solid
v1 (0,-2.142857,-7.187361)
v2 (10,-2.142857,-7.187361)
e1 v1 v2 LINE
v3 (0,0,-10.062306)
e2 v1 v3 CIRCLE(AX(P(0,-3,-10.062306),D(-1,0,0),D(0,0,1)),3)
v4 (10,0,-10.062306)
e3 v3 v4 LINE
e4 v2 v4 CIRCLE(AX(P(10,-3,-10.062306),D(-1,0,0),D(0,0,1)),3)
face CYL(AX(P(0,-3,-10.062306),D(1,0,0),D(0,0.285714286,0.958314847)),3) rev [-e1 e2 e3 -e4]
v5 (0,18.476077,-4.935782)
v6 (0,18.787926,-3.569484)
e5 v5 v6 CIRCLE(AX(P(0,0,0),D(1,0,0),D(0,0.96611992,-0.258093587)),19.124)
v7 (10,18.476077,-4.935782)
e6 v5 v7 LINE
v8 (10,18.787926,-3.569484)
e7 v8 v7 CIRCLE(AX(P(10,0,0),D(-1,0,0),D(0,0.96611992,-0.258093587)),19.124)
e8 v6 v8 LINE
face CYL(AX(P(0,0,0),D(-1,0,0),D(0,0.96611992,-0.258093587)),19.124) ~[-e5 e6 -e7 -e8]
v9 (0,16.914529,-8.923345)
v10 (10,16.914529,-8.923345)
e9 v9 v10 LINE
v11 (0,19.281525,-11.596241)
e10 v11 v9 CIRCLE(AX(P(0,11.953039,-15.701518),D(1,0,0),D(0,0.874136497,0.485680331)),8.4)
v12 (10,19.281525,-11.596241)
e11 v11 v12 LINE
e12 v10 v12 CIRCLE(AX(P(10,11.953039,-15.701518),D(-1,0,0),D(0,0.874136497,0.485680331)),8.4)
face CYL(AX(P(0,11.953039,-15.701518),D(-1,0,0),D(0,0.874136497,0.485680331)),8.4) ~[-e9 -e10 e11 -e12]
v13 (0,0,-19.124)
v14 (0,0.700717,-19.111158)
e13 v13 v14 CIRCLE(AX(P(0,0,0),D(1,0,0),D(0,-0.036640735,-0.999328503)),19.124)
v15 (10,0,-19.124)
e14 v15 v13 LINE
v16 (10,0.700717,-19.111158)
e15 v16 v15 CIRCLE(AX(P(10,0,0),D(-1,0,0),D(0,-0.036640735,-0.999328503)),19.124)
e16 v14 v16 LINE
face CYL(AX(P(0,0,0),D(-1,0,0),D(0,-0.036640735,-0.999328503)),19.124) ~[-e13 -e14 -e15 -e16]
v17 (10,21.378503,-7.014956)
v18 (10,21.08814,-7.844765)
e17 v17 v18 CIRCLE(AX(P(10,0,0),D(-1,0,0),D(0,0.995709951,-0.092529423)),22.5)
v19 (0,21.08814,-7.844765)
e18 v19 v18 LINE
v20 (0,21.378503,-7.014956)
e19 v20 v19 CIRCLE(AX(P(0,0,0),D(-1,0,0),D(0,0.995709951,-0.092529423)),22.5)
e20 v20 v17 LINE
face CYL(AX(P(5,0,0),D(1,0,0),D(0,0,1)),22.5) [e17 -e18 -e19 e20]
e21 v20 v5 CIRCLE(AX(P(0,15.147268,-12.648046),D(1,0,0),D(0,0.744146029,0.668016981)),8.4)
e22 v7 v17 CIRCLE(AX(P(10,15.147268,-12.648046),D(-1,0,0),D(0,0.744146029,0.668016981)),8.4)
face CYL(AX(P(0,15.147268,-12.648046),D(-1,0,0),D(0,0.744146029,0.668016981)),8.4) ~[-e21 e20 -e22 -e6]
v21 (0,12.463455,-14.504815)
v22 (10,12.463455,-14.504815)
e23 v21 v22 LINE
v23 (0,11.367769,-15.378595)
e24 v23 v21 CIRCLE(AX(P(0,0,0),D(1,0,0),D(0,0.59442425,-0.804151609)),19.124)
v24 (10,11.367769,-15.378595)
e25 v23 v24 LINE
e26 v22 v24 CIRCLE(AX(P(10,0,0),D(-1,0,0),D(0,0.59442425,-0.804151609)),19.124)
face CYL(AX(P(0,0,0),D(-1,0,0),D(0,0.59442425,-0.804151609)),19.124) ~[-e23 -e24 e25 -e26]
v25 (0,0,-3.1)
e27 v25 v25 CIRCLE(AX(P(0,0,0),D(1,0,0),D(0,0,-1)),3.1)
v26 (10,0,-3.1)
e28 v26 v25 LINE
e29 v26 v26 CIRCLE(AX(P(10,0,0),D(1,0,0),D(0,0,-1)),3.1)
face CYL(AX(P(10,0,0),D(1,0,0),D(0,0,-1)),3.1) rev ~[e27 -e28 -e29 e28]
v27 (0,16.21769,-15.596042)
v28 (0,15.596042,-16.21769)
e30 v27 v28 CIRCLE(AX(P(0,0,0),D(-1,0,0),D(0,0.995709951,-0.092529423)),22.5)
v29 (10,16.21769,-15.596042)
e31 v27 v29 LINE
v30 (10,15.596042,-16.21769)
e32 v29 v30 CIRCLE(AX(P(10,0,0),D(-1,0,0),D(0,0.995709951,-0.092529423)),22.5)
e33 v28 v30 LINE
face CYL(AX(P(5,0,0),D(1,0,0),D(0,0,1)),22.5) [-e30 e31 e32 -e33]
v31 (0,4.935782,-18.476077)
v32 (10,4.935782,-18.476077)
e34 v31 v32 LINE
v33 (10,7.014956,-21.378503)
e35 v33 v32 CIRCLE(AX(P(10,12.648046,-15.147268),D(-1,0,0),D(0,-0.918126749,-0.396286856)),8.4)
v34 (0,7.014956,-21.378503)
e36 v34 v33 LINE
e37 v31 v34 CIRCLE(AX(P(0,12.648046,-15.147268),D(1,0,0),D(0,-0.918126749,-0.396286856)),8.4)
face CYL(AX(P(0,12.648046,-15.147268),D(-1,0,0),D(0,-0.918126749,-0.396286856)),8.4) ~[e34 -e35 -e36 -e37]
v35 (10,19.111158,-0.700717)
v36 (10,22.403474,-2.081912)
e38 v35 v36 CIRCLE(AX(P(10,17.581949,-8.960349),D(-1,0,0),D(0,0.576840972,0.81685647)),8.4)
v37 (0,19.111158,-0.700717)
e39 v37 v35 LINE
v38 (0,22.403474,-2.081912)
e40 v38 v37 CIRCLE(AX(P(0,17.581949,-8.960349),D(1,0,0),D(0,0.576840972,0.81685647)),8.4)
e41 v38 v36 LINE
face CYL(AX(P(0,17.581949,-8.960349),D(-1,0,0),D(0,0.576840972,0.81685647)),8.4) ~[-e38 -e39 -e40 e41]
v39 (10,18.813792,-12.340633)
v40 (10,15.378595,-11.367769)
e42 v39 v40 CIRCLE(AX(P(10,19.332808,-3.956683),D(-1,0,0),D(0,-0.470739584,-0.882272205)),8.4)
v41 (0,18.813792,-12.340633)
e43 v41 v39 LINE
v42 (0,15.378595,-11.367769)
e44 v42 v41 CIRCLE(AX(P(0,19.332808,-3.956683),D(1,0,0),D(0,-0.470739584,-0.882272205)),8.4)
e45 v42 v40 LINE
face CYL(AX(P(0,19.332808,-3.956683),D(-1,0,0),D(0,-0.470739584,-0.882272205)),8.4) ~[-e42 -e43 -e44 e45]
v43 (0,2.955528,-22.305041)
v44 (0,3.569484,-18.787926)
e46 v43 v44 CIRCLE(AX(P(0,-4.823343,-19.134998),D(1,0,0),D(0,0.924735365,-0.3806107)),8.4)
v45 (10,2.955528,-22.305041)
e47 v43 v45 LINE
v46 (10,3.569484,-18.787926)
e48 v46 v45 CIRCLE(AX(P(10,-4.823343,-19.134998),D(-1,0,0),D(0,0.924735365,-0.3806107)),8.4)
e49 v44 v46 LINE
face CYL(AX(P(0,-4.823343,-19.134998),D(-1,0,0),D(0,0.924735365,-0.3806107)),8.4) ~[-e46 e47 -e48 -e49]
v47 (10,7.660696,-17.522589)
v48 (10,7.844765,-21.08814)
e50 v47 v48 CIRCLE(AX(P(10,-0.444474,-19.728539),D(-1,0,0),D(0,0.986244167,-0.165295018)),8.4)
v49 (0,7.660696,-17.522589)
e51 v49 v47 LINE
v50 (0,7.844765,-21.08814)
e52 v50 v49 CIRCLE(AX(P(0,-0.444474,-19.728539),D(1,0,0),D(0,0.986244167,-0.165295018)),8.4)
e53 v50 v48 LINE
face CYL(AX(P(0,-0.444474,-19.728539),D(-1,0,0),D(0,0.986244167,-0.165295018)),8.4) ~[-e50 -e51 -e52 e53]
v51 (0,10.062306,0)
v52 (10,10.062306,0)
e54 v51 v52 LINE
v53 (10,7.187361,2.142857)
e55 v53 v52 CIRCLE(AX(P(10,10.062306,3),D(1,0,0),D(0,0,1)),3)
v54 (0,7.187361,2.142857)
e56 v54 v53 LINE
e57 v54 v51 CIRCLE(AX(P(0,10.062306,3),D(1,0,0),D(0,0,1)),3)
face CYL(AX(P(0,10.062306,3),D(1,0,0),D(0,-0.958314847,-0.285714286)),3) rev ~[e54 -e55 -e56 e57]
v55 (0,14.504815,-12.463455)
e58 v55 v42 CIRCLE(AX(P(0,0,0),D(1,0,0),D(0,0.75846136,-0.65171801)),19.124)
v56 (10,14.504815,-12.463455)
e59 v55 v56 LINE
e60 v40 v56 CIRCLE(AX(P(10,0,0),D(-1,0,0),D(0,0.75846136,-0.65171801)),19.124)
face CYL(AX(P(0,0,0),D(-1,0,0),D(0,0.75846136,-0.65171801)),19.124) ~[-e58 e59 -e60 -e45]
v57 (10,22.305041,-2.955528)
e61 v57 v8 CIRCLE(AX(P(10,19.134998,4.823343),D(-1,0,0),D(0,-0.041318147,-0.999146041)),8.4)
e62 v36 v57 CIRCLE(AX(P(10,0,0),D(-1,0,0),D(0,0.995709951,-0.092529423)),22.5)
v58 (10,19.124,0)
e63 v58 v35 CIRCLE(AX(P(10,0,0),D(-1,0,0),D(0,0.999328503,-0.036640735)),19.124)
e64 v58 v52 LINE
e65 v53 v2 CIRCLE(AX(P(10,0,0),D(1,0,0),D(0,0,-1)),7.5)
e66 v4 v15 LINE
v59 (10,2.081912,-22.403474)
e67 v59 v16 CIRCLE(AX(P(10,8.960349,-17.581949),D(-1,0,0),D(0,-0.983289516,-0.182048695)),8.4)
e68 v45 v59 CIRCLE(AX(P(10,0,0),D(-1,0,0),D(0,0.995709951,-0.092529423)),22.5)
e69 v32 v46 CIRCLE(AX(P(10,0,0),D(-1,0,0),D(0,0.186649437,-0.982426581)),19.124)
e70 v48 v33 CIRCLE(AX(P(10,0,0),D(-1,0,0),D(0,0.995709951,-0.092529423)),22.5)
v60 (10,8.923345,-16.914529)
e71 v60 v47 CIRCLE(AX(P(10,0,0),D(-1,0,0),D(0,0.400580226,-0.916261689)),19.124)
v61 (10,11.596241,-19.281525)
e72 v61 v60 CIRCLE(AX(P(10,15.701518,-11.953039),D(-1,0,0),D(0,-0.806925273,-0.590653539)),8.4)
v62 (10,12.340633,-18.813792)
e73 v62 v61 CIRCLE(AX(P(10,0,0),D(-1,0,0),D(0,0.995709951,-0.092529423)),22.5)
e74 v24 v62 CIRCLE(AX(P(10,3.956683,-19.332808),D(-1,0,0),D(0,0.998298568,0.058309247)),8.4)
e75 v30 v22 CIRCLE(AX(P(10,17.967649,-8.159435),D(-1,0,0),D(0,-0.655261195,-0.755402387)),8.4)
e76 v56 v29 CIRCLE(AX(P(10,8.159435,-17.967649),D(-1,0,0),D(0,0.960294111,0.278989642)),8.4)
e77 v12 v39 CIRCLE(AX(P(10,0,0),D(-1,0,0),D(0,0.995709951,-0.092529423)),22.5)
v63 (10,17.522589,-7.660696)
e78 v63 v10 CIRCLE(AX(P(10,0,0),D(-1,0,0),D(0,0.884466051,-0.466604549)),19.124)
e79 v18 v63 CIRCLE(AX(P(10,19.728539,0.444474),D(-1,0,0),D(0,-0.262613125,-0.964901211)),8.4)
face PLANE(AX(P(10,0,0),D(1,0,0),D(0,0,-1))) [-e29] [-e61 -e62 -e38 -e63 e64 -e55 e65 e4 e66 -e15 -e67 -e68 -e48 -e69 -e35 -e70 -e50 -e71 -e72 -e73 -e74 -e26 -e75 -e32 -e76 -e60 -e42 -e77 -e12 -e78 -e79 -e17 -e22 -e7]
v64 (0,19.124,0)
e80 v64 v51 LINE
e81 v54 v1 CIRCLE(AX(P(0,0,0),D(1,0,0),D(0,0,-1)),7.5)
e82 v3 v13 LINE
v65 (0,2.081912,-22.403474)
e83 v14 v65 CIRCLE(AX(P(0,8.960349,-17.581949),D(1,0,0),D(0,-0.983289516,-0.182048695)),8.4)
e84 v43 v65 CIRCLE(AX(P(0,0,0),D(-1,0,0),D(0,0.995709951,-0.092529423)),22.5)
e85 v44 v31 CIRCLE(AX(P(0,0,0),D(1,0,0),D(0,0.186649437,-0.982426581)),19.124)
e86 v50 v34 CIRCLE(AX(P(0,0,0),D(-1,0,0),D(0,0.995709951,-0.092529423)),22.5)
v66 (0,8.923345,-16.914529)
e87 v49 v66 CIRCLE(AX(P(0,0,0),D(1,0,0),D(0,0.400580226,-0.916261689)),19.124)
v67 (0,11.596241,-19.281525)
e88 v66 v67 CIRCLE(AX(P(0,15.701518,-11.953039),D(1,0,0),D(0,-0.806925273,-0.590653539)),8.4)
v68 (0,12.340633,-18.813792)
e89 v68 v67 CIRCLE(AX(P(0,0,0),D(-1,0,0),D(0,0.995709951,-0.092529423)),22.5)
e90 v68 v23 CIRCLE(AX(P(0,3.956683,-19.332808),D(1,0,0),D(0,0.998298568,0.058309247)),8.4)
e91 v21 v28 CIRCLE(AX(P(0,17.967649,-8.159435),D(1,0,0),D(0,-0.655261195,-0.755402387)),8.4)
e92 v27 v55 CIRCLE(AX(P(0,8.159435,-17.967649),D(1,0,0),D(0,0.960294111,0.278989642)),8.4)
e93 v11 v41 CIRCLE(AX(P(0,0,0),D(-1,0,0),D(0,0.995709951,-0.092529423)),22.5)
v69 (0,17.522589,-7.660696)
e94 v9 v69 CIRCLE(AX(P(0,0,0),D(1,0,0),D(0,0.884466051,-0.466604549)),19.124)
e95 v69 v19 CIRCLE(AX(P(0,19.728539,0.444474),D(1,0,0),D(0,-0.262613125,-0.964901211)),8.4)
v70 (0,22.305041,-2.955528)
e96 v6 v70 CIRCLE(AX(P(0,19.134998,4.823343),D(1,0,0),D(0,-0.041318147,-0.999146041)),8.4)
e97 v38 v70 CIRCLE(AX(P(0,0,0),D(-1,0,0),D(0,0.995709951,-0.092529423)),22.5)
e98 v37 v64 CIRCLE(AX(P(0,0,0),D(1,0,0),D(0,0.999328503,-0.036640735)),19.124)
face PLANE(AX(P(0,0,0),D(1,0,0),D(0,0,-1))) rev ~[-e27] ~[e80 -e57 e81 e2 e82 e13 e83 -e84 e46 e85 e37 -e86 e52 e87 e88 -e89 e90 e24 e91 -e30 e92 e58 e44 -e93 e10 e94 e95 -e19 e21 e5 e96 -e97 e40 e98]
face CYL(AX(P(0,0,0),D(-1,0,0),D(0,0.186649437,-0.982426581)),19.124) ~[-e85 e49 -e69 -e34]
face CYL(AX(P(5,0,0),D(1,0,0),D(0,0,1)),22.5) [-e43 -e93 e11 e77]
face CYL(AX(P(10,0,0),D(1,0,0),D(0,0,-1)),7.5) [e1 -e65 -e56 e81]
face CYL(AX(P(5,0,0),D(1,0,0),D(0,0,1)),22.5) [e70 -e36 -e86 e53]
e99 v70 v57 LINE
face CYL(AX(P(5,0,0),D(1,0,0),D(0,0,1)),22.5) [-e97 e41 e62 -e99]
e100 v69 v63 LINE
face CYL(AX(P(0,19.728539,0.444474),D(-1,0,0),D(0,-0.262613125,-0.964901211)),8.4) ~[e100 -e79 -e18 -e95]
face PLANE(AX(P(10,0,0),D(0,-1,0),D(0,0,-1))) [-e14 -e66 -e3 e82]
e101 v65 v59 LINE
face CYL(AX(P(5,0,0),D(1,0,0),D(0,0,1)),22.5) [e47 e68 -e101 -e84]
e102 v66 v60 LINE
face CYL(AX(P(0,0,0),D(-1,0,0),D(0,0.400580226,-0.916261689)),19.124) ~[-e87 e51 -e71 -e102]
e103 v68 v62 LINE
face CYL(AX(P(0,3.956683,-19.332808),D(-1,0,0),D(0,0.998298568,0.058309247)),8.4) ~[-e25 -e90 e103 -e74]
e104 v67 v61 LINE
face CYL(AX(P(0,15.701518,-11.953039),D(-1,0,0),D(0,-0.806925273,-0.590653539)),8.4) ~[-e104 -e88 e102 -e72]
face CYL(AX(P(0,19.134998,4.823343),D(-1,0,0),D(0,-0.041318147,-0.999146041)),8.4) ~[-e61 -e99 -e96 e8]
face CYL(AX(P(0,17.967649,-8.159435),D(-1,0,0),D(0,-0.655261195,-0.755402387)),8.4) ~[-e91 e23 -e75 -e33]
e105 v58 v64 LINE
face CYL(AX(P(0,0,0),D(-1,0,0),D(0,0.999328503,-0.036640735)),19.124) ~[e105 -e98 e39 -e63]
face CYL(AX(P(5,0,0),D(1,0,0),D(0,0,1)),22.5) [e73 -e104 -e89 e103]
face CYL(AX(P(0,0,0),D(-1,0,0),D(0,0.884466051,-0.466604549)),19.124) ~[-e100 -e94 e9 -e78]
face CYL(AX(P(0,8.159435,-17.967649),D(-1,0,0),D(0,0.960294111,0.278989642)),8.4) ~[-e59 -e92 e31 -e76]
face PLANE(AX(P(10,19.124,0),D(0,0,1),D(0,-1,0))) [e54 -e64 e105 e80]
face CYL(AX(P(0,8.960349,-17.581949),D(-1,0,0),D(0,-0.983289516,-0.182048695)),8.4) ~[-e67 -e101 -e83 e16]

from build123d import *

# Parameters (mm, degrees)
BASPROSKE_W        = 10
BASPROSKE_H        = 22.5
TOOTHCUT_DEPTH     = 34.35416016
TEETHCUTS_COUNT    = 28
TEETHCUTS_ANGLE    = 347.142857143
BORSKE_R           = 7.5
BORE_DEPTH         = 50.0000508
CROQUIS1_OUTSIDE_W = 59.636
CROQUIS1_OUTSIDE_H = 59.636
EXTRUIR1_DEPTH     = 10
CROQUIS2_R         = 7.5
CROQUIS2_R_2       = 3.1
EXTRUIR2_DEPTH     = 10
REDONDEO1_R        = 3


with BuildPart() as part:
    # BasProSke → Base-Revolve (revolve)
    with BuildSketch(Plane(origin=(0, 0, 0), x_dir=(1, 0, 0), z_dir=(0, 1, 0)), mode=Mode.PRIVATE) as base_revolve_sk:
        with Locations((5, 11.25)):
            Rectangle(BASPROSKE_W, BASPROSKE_H)
    revolve(base_revolve_sk.sketch.rotate(Axis((-10, 0, 0), (1, 0, 0)), 180), axis=Axis((-10, 0, 0), (1, 0, 0)))

    # TooCutSke → ToothCut (cut, through all)
    with BuildSketch(Plane(origin=(0, 0, 0), x_dir=(0, 0, -1), z_dir=(1, 0, 0))):
        with BuildLine():
            ThreePointArc((0.70071741, 19.111158288), (0, 19.124), (-0.70071741, 19.111158288))
            ThreePointArc((-0.70071741, 19.111158288), (-1.220048441, 20.845037035), (-2.098754998, 22.427413418))
            ThreePointArc((-2.098754998, 22.427413418), (0, 22.5254), (2.098754998, 22.427413418))
            ThreePointArc((2.098754998, 22.427413418), (1.220048441, 20.845037035), (0.70071741, 19.111158288))
        make_face()
    toothcut = extrude(amount=TOOTHCUT_DEPTH, mode=Mode.SUBTRACT)

    # TeethCuts: ToothCut ×28 about axis
    teethcuts_axis = Axis((-10, 0, 0), (1, 0, 0))
    for i in range(1, TEETHCUTS_COUNT):
        add(toothcut.rotate(teethcuts_axis, i * TEETHCUTS_ANGLE / (TEETHCUTS_COUNT - 1)), mode=Mode.SUBTRACT)

    # BorSke → Bore (cut, symmetric)
    with BuildSketch(Plane(origin=(0, 0, 0), x_dir=(0, 0, -1), z_dir=(1, 0, 0))):
        with Locations(Location((0, 0, 0), (0, 0, 180))):
            Circle(BORSKE_R)
    extrude(amount=BORE_DEPTH, both=True, mode=Mode.SUBTRACT)

    # Croquis1 outside → Extruir1 (cut)
    with BuildSketch(Plane(origin=(10, 0, 0), x_dir=(0, 0, -1), z_dir=(1, 0, 0))):
        Rectangle(CROQUIS1_OUTSIDE_W, CROQUIS1_OUTSIDE_H)
        with BuildLine():
            Line((0, 19.124), (0, 0))
            Line((0, 0), (19.124, 0))
            ThreePointArc((19.124, 0), (29.041866068, 29.041866068), (0, 19.124))
        make_face(mode=Mode.SUBTRACT)
    extrude(amount=-EXTRUIR1_DEPTH, mode=Mode.SUBTRACT)

    # Croquis2 → Extruir2 (add, through all)
    with BuildSketch(Plane(origin=(10, 0, 0), x_dir=(0, 0, -1), z_dir=(1, 0, 0))):
        Circle(CROQUIS2_R)
        Circle(CROQUIS2_R_2, mode=Mode.SUBTRACT)
    extrude(amount=-EXTRUIR2_DEPTH)

    # Redondeo1
    redondeo1_edges = [part.edges().sort_by_distance(p)[0] for p in [
        (5, 7.5, 0),
        (5, 0, -7.5),
    ]]
    fillet(redondeo1_edges, radius=REDONDEO1_R)


solid = part.part
